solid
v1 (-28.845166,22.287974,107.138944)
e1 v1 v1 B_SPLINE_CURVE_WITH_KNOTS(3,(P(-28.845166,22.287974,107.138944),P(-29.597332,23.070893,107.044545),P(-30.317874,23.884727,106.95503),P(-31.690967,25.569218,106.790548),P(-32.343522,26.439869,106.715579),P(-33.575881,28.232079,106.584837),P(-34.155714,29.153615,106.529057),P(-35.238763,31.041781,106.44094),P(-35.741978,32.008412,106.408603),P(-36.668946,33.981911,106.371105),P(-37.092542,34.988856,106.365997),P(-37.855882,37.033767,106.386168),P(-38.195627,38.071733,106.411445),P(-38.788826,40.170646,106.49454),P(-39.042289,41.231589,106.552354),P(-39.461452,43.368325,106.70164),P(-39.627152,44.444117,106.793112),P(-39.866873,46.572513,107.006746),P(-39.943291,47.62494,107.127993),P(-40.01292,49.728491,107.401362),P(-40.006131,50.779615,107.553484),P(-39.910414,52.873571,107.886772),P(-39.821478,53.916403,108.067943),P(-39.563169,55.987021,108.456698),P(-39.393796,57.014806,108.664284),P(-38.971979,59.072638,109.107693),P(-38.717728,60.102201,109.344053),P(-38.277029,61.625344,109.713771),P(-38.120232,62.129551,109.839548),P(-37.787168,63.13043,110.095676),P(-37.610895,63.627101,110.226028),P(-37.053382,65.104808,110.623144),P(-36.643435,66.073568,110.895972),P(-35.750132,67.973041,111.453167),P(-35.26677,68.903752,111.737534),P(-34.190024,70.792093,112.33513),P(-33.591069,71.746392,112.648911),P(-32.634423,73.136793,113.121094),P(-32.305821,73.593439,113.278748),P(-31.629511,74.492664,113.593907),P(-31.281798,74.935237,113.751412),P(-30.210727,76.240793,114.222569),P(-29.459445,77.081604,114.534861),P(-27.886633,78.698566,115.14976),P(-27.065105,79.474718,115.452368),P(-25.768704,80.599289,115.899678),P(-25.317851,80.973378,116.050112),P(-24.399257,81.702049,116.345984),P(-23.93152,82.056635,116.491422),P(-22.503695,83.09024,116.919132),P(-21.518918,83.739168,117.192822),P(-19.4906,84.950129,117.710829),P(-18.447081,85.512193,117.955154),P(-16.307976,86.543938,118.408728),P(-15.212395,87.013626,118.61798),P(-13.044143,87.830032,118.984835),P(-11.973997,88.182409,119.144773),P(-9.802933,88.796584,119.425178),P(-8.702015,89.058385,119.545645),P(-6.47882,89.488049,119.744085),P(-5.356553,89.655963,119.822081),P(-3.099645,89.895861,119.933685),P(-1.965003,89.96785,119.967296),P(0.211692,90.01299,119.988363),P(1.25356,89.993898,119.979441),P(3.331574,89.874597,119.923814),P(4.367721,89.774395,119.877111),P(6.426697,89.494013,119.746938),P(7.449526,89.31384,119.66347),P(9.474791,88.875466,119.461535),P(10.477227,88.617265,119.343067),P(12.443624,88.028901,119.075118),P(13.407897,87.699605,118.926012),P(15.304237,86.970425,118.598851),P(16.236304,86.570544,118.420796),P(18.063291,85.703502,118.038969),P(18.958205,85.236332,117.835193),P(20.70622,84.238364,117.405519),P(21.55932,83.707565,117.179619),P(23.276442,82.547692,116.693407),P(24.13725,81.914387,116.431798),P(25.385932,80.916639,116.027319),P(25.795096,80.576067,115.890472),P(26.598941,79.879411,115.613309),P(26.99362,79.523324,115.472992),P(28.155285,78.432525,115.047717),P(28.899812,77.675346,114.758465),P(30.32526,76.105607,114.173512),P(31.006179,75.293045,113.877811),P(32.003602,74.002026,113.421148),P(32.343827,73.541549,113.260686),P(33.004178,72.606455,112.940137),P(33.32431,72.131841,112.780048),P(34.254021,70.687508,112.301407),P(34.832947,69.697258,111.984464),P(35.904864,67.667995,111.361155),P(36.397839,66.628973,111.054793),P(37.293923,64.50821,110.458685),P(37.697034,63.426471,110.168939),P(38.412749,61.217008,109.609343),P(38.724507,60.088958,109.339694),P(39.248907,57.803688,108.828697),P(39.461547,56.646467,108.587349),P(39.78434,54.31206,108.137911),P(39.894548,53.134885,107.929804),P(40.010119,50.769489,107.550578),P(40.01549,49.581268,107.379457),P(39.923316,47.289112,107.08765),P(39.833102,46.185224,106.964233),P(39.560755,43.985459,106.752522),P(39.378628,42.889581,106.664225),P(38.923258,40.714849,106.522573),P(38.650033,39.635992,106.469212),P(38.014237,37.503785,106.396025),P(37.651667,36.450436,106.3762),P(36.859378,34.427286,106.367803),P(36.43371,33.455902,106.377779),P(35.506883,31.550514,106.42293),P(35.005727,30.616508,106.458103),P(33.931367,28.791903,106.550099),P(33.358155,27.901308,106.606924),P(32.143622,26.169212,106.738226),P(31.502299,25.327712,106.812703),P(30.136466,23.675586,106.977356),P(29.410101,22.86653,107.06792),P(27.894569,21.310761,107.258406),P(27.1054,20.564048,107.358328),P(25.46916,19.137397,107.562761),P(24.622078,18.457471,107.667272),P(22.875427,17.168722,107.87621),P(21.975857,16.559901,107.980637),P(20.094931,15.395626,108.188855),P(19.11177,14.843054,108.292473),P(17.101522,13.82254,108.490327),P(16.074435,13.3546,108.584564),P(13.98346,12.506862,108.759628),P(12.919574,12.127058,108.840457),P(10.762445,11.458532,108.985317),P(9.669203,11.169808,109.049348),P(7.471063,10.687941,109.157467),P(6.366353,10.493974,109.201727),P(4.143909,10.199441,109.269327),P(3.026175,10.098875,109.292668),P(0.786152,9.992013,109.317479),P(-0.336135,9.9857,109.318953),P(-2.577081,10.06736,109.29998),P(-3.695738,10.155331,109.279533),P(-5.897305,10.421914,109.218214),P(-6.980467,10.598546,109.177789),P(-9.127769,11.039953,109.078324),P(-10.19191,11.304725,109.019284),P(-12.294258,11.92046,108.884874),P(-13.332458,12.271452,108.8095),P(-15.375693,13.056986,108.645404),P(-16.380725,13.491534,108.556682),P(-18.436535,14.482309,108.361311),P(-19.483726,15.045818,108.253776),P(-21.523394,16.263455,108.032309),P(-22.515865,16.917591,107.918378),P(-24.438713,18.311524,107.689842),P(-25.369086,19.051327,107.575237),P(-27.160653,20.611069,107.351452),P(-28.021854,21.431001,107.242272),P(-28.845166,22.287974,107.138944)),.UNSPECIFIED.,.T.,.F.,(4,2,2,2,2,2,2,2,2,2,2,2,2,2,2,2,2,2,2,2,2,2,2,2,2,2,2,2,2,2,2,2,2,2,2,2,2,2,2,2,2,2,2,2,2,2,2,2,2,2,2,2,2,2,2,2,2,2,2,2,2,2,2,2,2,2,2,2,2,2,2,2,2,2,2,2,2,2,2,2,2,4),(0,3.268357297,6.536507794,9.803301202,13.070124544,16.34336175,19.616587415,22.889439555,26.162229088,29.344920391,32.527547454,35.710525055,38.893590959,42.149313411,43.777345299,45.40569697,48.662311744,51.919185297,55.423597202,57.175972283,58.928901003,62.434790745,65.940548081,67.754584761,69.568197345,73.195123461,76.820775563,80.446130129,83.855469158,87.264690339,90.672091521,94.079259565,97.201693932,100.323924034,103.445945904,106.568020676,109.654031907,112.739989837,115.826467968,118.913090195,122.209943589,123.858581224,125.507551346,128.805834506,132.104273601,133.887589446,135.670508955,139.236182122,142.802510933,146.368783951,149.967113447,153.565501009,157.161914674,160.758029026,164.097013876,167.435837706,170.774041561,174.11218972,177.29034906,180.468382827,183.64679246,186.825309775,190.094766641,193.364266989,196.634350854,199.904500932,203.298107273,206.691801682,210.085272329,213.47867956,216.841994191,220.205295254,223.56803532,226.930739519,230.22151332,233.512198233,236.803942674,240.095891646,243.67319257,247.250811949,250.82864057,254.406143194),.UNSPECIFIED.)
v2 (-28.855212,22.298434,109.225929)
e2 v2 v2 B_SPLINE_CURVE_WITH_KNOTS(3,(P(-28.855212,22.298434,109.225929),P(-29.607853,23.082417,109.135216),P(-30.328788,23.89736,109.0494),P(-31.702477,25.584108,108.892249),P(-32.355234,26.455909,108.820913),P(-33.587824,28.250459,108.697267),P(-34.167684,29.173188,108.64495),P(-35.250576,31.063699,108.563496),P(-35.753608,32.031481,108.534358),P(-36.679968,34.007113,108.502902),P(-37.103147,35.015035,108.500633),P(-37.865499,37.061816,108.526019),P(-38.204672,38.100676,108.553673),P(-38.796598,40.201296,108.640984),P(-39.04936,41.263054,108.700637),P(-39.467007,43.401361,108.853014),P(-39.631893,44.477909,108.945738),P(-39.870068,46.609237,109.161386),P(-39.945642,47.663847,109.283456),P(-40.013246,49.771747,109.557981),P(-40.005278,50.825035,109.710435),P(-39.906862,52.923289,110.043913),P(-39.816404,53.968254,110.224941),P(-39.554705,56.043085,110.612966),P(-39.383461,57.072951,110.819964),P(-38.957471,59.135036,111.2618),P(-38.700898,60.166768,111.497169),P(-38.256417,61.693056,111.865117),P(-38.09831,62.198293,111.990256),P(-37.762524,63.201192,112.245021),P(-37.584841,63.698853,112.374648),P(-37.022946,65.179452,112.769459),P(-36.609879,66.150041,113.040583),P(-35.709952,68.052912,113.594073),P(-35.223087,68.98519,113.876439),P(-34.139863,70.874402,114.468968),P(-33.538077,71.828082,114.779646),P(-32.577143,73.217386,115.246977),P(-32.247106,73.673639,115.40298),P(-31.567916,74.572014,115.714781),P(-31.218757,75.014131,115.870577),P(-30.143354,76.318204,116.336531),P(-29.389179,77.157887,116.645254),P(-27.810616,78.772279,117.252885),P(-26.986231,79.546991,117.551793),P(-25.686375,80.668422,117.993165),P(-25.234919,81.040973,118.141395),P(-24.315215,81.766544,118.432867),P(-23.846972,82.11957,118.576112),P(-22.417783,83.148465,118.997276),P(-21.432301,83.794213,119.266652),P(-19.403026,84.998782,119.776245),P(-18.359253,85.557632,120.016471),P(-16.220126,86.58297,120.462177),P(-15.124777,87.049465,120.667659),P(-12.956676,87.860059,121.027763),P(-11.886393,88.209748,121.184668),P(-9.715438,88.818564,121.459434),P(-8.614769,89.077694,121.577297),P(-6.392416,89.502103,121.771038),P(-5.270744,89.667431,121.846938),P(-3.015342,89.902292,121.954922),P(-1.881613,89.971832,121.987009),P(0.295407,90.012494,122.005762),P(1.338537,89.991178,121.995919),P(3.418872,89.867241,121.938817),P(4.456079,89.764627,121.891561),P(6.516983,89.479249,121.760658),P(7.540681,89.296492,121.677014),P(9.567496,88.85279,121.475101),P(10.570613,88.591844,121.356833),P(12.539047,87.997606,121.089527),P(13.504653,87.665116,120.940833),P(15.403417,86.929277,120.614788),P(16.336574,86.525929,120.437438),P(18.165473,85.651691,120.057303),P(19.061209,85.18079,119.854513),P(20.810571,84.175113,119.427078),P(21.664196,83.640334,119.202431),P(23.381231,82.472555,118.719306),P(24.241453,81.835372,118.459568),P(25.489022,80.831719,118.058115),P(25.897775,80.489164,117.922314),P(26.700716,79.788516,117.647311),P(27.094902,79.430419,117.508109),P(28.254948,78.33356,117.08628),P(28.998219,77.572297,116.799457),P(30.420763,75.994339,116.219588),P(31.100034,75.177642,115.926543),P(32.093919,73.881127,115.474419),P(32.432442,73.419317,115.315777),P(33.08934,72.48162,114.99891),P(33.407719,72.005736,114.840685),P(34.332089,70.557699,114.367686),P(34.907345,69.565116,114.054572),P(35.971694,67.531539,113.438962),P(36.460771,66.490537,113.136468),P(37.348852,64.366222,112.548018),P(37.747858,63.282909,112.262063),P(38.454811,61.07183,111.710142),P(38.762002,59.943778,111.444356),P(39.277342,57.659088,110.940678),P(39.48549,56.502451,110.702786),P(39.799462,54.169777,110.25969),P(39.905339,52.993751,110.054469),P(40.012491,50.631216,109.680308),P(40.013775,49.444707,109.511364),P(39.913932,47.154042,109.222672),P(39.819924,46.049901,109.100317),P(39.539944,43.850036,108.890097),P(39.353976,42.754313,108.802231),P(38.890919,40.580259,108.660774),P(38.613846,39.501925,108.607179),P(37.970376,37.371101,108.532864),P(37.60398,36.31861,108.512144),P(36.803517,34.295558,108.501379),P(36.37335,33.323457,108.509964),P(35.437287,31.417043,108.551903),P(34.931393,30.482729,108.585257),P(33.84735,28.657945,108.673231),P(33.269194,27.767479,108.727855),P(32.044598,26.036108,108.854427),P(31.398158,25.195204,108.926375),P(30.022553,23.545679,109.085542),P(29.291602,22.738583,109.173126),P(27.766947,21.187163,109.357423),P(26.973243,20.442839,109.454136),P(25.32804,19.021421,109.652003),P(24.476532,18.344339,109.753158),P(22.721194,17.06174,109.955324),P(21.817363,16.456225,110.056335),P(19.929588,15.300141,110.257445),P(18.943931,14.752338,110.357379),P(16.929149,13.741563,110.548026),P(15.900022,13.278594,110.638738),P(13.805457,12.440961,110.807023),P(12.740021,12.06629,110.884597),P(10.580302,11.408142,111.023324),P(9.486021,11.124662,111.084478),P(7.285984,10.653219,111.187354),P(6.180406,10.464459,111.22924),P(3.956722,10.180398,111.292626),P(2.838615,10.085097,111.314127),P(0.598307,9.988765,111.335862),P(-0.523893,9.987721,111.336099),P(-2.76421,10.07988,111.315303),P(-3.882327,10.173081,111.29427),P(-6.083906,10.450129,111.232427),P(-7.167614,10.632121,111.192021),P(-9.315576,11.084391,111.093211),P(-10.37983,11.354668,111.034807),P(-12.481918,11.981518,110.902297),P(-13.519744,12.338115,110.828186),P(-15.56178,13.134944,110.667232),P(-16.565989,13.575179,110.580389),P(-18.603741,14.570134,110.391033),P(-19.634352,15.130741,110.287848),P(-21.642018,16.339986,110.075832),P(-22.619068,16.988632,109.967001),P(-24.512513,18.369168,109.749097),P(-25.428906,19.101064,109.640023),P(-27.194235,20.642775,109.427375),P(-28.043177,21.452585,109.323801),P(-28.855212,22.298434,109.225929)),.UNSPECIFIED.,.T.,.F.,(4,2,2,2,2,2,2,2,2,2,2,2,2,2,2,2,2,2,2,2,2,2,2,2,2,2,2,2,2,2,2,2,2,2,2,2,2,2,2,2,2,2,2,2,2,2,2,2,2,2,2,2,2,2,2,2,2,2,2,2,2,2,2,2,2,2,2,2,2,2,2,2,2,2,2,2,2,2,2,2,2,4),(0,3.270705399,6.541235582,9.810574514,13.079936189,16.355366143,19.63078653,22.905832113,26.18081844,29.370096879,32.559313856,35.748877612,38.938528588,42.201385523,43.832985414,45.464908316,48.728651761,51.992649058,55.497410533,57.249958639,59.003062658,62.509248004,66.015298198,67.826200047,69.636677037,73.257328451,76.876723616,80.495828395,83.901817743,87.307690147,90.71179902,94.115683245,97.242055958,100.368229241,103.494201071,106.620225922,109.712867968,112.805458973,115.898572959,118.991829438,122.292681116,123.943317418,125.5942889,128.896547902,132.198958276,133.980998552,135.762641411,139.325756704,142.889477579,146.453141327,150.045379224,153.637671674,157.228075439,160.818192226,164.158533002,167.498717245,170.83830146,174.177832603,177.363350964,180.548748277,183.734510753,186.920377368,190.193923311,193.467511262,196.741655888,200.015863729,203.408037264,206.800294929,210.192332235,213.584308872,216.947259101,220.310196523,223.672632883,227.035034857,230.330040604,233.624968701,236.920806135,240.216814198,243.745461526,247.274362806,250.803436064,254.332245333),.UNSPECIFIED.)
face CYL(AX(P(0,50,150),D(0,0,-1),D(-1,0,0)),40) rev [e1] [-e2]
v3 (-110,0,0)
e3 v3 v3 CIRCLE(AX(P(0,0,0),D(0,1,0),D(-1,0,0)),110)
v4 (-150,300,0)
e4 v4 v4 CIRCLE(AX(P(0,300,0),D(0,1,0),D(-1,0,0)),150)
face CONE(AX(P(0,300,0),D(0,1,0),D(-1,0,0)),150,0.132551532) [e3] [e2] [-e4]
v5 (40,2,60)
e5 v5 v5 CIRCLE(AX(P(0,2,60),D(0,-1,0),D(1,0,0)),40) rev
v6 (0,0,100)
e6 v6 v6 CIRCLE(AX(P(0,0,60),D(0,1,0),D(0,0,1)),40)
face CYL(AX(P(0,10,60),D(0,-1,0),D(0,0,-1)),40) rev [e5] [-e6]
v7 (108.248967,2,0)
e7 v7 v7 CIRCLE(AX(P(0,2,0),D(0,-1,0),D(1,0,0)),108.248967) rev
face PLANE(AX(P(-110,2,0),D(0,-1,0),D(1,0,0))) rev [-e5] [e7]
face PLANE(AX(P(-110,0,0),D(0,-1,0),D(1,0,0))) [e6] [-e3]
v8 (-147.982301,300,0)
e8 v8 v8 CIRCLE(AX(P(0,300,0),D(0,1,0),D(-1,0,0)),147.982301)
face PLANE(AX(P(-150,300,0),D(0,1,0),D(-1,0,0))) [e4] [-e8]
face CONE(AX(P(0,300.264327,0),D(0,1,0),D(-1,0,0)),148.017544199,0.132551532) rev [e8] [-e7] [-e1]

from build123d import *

# Parameters (mm, degrees)
SHELL_1_T           = -2
SKETCH_2_R          = 40
CUT_EXTRUDE_1_DEPTH = 368.423461417
SKETCH_3_R          = 40
CUT_EXTRUDE_7_DEPTH = 10


with BuildPart() as part:
    # 草圖1 → 旋轉1 (revolve)
    with BuildSketch(Plane.XY):
        Polygon((-150, 300), (-110, 0), (0, 0), (0, 300), align=None)
    revolve(axis=Axis((0, 300, 0), (0, -1, 0)))

    # 薄殼1
    shell_1_openings = [part.faces().sort_by_distance(p)[0] for p in [
        (0, 300, 0),
    ]]
    offset(amount=SHELL_1_T, openings=shell_1_openings, kind=Kind.INTERSECTION)

    # 草圖2 → 除料-伸長1 (cut, through all)
    with BuildSketch(Plane.XY):
        with Locations(Location((0, 50, 0), (0, 0, 223.831442038))):
            Circle(SKETCH_2_R)
    extrude(amount=CUT_EXTRUDE_1_DEPTH, mode=Mode.SUBTRACT)

    # 草圖3 → 除料-伸長7 (cut)
    with BuildSketch(Plane(origin=(0, 0, 0), x_dir=(1, 0, 0), z_dir=(0, 1, 0))):
        with Locations((0, -60)):
            Circle(SKETCH_3_R)
    extrude(amount=CUT_EXTRUDE_7_DEPTH, mode=Mode.SUBTRACT)


solid = part.part
